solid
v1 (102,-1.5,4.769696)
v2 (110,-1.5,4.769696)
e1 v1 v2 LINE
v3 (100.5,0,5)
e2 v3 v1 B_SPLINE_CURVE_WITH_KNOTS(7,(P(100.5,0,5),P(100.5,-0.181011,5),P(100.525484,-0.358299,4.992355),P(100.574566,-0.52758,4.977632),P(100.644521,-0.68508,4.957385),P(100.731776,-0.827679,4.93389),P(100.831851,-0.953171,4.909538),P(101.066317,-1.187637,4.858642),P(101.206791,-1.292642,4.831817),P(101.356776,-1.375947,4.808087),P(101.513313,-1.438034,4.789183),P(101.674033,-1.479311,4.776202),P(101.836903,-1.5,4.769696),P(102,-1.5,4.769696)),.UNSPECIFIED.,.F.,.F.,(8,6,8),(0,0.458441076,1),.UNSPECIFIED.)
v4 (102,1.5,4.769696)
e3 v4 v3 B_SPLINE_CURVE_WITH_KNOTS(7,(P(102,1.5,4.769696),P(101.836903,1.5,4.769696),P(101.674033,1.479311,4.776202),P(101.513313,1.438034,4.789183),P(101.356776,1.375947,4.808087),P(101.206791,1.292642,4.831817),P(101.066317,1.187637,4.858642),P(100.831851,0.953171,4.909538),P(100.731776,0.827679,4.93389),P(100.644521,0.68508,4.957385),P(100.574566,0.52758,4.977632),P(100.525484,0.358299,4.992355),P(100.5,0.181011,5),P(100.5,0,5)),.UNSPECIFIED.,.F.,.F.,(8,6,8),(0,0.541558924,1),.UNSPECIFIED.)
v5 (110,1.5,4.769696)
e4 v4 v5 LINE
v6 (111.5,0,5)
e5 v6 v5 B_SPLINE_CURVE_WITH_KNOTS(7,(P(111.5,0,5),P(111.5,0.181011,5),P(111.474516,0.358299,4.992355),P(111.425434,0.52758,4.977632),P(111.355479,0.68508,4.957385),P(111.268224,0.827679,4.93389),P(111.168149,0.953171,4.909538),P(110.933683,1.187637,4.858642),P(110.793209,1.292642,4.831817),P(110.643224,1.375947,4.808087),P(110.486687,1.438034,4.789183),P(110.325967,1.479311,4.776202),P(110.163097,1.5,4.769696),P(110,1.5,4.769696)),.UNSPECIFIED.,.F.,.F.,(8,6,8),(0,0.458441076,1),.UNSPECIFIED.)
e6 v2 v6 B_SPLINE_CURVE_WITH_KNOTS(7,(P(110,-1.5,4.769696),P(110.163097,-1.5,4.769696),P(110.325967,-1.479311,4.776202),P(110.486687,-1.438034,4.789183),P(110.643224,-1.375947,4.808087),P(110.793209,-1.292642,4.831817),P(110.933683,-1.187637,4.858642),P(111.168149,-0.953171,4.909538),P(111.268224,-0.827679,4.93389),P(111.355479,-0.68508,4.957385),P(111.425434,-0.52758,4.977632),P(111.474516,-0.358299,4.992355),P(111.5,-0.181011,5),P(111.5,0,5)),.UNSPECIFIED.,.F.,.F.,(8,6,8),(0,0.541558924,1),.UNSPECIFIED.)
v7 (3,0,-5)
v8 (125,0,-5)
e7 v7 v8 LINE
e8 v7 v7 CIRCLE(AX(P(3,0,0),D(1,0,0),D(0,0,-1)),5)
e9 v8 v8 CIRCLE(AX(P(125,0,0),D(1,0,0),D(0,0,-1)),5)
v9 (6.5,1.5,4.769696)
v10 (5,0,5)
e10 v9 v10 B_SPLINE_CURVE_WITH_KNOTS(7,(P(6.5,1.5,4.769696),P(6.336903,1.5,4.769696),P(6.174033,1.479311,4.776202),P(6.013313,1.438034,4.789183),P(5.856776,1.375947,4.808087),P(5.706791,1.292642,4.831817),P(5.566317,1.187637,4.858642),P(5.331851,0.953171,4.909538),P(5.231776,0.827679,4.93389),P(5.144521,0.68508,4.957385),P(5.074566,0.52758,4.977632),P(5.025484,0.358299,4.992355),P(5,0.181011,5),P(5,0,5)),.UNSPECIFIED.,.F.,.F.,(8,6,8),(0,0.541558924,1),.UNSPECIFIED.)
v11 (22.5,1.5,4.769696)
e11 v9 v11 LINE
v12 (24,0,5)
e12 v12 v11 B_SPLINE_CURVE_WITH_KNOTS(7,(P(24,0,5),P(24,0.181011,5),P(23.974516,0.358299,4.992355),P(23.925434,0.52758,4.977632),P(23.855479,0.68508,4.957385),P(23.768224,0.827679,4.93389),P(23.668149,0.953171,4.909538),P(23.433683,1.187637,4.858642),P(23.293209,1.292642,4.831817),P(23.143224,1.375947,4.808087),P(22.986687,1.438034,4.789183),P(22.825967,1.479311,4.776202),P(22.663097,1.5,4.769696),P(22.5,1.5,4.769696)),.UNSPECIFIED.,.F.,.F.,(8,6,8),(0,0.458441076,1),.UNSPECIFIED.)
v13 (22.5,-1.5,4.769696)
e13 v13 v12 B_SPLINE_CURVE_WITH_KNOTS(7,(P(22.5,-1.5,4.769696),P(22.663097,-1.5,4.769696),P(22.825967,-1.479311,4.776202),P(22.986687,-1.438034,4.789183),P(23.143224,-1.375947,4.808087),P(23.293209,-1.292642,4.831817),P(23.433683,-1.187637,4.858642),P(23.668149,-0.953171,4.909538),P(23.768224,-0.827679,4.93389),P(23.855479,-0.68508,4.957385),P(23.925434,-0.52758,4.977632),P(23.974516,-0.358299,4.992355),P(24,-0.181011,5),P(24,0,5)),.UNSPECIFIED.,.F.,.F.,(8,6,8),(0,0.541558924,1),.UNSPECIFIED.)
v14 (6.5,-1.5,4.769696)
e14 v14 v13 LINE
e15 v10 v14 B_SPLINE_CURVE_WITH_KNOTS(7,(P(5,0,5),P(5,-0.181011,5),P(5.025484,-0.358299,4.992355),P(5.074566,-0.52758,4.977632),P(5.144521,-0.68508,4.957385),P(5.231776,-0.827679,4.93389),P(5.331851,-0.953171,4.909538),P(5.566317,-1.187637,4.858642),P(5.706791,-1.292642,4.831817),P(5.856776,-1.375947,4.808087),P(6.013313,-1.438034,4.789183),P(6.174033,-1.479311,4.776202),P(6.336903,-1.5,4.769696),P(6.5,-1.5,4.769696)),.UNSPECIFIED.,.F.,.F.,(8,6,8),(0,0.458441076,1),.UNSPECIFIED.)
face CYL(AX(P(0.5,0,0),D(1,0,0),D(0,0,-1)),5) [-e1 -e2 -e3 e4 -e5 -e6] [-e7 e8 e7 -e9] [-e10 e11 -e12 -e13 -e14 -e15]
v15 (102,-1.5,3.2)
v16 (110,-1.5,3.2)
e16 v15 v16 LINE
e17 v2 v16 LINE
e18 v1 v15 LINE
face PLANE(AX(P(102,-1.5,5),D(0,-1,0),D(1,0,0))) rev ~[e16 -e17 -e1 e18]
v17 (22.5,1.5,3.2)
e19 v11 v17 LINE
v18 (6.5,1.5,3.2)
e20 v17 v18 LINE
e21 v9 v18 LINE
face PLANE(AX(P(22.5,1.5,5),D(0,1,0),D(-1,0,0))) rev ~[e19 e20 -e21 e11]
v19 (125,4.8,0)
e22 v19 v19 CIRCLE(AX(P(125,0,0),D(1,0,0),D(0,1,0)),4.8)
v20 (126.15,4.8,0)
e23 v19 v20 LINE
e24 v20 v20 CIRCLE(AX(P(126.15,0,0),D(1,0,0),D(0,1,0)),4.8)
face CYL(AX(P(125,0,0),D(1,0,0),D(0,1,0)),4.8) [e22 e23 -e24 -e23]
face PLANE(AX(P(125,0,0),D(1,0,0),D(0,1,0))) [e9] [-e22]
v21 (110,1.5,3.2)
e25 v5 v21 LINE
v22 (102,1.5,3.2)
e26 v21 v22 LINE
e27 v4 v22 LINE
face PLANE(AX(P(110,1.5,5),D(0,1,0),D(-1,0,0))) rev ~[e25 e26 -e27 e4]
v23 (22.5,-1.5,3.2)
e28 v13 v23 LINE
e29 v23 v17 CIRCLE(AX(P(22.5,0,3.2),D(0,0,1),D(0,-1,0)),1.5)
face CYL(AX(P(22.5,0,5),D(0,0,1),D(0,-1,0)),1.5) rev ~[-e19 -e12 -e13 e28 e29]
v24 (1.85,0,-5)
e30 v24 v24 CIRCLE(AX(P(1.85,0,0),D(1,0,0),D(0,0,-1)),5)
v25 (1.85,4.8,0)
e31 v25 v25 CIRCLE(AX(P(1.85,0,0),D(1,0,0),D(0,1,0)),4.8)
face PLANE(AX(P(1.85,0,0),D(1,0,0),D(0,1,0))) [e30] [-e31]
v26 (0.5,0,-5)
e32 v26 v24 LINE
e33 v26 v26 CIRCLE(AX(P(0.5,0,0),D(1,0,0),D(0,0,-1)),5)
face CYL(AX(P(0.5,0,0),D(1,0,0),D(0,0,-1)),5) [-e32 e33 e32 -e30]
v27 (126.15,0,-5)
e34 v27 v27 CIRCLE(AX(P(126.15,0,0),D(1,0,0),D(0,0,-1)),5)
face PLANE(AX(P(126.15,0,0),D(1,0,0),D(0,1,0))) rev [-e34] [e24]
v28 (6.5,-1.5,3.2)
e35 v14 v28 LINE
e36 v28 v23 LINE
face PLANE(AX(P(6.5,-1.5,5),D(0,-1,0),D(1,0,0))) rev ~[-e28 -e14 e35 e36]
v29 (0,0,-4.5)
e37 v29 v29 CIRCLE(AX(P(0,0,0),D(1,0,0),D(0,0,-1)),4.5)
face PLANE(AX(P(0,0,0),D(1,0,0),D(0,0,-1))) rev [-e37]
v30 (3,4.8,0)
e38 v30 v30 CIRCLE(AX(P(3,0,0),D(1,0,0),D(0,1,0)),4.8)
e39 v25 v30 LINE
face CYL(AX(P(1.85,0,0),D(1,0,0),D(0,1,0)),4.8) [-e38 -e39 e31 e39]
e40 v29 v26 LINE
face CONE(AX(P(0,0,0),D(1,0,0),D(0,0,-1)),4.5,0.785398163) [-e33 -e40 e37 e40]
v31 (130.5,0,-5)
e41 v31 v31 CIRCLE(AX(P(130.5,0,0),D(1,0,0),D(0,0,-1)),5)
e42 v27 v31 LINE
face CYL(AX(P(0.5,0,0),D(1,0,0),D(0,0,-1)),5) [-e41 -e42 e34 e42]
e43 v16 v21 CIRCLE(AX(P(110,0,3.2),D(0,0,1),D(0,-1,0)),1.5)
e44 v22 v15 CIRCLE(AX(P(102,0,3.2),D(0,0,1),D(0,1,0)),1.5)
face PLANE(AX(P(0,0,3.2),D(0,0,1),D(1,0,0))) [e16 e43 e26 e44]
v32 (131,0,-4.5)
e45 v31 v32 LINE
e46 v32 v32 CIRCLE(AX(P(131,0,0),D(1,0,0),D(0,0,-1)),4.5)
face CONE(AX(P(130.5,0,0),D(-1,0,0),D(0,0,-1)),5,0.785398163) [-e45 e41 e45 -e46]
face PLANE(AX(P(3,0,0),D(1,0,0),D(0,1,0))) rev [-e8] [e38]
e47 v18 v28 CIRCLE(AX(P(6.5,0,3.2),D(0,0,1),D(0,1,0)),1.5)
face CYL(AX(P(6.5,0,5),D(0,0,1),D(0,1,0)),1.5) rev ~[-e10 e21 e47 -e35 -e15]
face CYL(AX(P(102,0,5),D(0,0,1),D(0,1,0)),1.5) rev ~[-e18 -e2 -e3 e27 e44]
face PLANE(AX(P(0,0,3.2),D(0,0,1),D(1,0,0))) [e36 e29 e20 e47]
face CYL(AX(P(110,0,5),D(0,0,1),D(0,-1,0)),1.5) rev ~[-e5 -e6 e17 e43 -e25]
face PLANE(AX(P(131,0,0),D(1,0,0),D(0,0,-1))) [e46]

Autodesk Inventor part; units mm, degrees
sketch "Sketch_1" plane through (0, 0, 0) normal (0, 1, 0) x (-1, 0, 0)
  line L0 (-131, 0) -> (0, 0)
  line L1 (0, 0) -> (0, -4.5)
  line L2 (0, -4.5) -> (-0.5, -5)
  line L3 (-0.5, -5) -> (-130.5, -5)
  line L4 (-130.5, -5) -> (-131, -4.5)
  line L5 (-131, -4.5) -> (-131, 0)
  line L6 (-131, 0) -> (0, 0)
revolve "Revolution1" add sketch "Sketch_1" angle 360 about axis through (131, 0, 0) along (1, 0, 0)
sketch "Sketch_27" plane through (0, 0, 0) normal (0, 0, 1) x (1, 0, 0)
  line L0 (131, 0) -> (-131, 0)
  line L1 (1.85, 9.6) -> (1.85, 4.8)
  line L2 (1.85, 4.8) -> (3, 4.8)
  line L3 (3, 4.8) -> (3, 9.6)
  line L4 (3, 9.6) -> (1.85, 9.6)
revolve "Revolution2" cut sketch "Sketch_27" angle 360 about axis through (131, 0, 0) along (1, 0, 0)
sketch "Sketch_39" plane through (0, 0, 0) normal (0, 0, 1) x (1, 0, 0)
  line L0 (131, 0) -> (-131, 0)
  line L1 (125, 9.6) -> (125, 4.8)
  line L2 (125, 4.8) -> (126.15, 4.8)
  line L3 (126.15, 4.8) -> (126.15, 9.6)
  line L4 (126.15, 9.6) -> (125, 9.6)
revolve "Revolution3" cut sketch "Sketch_39" angle 360 about axis through (131, 0, 0) along (1, 0, 0)
sketch "_____7" plane through (0, 0, 5) normal (0, 0, 1) x (1, 0, 0)
  arc A0 (6.5, 1.5) -> (6.5, -1.5) centre (6.5, 0) ccw
  line L0 (6.5, -1.5) -> (22.5, -1.5)
  arc A1 (22.5, -1.5) -> (22.5, 1.5) centre (22.5, 0) ccw
  line L1 (22.5, 1.5) -> (6.5, 1.5)
extrude "Extrusion1" cut sketch "_____7" against normal blind 1.8
sketch "_____10" plane through (0, 0, 5) normal (0, 0, 1) x (1, 0, 0)
  arc A0 (102, 1.5) -> (102, -1.5) centre (102, 0) ccw
  line L0 (102, -1.5) -> (110, -1.5)
  arc A1 (110, -1.5) -> (110, 1.5) centre (110, 0) ccw
  line L1 (110, 1.5) -> (102, 1.5)
extrude "Extrusion2" cut sketch "_____10" against normal blind 1.8
ref_plane "to_rring_1_XY" through (2.425, 0, 0) normal (1, 0, 0) x (0, 0, -1)
ref_plane "to_rring_1_YZ" through (2.425, 0, 0) normal (0, 0, -1) x (0, 1, 0)
ref_plane "to_rring_1_ZX" through (2.425, 0, 0) normal (0, 1, 0) x (1, 0, 0)
ref_plane "to_rring_2_XY" through (125.575, 0, 0) normal (1, 0, 0) x (0, 0, -1)
ref_plane "to_rring_2_YZ" through (125.575, 0, 0) normal (0, 0, -1) x (0, 1, 0)
ref_plane "to_rring_2_ZX" through (125.575, 0, 0) normal (0, 1, 0) x (1, 0, 0)
properties part number "NSFMKRRA10-131-F3-S6-KA5-A19-KB100.5-B11_s"
